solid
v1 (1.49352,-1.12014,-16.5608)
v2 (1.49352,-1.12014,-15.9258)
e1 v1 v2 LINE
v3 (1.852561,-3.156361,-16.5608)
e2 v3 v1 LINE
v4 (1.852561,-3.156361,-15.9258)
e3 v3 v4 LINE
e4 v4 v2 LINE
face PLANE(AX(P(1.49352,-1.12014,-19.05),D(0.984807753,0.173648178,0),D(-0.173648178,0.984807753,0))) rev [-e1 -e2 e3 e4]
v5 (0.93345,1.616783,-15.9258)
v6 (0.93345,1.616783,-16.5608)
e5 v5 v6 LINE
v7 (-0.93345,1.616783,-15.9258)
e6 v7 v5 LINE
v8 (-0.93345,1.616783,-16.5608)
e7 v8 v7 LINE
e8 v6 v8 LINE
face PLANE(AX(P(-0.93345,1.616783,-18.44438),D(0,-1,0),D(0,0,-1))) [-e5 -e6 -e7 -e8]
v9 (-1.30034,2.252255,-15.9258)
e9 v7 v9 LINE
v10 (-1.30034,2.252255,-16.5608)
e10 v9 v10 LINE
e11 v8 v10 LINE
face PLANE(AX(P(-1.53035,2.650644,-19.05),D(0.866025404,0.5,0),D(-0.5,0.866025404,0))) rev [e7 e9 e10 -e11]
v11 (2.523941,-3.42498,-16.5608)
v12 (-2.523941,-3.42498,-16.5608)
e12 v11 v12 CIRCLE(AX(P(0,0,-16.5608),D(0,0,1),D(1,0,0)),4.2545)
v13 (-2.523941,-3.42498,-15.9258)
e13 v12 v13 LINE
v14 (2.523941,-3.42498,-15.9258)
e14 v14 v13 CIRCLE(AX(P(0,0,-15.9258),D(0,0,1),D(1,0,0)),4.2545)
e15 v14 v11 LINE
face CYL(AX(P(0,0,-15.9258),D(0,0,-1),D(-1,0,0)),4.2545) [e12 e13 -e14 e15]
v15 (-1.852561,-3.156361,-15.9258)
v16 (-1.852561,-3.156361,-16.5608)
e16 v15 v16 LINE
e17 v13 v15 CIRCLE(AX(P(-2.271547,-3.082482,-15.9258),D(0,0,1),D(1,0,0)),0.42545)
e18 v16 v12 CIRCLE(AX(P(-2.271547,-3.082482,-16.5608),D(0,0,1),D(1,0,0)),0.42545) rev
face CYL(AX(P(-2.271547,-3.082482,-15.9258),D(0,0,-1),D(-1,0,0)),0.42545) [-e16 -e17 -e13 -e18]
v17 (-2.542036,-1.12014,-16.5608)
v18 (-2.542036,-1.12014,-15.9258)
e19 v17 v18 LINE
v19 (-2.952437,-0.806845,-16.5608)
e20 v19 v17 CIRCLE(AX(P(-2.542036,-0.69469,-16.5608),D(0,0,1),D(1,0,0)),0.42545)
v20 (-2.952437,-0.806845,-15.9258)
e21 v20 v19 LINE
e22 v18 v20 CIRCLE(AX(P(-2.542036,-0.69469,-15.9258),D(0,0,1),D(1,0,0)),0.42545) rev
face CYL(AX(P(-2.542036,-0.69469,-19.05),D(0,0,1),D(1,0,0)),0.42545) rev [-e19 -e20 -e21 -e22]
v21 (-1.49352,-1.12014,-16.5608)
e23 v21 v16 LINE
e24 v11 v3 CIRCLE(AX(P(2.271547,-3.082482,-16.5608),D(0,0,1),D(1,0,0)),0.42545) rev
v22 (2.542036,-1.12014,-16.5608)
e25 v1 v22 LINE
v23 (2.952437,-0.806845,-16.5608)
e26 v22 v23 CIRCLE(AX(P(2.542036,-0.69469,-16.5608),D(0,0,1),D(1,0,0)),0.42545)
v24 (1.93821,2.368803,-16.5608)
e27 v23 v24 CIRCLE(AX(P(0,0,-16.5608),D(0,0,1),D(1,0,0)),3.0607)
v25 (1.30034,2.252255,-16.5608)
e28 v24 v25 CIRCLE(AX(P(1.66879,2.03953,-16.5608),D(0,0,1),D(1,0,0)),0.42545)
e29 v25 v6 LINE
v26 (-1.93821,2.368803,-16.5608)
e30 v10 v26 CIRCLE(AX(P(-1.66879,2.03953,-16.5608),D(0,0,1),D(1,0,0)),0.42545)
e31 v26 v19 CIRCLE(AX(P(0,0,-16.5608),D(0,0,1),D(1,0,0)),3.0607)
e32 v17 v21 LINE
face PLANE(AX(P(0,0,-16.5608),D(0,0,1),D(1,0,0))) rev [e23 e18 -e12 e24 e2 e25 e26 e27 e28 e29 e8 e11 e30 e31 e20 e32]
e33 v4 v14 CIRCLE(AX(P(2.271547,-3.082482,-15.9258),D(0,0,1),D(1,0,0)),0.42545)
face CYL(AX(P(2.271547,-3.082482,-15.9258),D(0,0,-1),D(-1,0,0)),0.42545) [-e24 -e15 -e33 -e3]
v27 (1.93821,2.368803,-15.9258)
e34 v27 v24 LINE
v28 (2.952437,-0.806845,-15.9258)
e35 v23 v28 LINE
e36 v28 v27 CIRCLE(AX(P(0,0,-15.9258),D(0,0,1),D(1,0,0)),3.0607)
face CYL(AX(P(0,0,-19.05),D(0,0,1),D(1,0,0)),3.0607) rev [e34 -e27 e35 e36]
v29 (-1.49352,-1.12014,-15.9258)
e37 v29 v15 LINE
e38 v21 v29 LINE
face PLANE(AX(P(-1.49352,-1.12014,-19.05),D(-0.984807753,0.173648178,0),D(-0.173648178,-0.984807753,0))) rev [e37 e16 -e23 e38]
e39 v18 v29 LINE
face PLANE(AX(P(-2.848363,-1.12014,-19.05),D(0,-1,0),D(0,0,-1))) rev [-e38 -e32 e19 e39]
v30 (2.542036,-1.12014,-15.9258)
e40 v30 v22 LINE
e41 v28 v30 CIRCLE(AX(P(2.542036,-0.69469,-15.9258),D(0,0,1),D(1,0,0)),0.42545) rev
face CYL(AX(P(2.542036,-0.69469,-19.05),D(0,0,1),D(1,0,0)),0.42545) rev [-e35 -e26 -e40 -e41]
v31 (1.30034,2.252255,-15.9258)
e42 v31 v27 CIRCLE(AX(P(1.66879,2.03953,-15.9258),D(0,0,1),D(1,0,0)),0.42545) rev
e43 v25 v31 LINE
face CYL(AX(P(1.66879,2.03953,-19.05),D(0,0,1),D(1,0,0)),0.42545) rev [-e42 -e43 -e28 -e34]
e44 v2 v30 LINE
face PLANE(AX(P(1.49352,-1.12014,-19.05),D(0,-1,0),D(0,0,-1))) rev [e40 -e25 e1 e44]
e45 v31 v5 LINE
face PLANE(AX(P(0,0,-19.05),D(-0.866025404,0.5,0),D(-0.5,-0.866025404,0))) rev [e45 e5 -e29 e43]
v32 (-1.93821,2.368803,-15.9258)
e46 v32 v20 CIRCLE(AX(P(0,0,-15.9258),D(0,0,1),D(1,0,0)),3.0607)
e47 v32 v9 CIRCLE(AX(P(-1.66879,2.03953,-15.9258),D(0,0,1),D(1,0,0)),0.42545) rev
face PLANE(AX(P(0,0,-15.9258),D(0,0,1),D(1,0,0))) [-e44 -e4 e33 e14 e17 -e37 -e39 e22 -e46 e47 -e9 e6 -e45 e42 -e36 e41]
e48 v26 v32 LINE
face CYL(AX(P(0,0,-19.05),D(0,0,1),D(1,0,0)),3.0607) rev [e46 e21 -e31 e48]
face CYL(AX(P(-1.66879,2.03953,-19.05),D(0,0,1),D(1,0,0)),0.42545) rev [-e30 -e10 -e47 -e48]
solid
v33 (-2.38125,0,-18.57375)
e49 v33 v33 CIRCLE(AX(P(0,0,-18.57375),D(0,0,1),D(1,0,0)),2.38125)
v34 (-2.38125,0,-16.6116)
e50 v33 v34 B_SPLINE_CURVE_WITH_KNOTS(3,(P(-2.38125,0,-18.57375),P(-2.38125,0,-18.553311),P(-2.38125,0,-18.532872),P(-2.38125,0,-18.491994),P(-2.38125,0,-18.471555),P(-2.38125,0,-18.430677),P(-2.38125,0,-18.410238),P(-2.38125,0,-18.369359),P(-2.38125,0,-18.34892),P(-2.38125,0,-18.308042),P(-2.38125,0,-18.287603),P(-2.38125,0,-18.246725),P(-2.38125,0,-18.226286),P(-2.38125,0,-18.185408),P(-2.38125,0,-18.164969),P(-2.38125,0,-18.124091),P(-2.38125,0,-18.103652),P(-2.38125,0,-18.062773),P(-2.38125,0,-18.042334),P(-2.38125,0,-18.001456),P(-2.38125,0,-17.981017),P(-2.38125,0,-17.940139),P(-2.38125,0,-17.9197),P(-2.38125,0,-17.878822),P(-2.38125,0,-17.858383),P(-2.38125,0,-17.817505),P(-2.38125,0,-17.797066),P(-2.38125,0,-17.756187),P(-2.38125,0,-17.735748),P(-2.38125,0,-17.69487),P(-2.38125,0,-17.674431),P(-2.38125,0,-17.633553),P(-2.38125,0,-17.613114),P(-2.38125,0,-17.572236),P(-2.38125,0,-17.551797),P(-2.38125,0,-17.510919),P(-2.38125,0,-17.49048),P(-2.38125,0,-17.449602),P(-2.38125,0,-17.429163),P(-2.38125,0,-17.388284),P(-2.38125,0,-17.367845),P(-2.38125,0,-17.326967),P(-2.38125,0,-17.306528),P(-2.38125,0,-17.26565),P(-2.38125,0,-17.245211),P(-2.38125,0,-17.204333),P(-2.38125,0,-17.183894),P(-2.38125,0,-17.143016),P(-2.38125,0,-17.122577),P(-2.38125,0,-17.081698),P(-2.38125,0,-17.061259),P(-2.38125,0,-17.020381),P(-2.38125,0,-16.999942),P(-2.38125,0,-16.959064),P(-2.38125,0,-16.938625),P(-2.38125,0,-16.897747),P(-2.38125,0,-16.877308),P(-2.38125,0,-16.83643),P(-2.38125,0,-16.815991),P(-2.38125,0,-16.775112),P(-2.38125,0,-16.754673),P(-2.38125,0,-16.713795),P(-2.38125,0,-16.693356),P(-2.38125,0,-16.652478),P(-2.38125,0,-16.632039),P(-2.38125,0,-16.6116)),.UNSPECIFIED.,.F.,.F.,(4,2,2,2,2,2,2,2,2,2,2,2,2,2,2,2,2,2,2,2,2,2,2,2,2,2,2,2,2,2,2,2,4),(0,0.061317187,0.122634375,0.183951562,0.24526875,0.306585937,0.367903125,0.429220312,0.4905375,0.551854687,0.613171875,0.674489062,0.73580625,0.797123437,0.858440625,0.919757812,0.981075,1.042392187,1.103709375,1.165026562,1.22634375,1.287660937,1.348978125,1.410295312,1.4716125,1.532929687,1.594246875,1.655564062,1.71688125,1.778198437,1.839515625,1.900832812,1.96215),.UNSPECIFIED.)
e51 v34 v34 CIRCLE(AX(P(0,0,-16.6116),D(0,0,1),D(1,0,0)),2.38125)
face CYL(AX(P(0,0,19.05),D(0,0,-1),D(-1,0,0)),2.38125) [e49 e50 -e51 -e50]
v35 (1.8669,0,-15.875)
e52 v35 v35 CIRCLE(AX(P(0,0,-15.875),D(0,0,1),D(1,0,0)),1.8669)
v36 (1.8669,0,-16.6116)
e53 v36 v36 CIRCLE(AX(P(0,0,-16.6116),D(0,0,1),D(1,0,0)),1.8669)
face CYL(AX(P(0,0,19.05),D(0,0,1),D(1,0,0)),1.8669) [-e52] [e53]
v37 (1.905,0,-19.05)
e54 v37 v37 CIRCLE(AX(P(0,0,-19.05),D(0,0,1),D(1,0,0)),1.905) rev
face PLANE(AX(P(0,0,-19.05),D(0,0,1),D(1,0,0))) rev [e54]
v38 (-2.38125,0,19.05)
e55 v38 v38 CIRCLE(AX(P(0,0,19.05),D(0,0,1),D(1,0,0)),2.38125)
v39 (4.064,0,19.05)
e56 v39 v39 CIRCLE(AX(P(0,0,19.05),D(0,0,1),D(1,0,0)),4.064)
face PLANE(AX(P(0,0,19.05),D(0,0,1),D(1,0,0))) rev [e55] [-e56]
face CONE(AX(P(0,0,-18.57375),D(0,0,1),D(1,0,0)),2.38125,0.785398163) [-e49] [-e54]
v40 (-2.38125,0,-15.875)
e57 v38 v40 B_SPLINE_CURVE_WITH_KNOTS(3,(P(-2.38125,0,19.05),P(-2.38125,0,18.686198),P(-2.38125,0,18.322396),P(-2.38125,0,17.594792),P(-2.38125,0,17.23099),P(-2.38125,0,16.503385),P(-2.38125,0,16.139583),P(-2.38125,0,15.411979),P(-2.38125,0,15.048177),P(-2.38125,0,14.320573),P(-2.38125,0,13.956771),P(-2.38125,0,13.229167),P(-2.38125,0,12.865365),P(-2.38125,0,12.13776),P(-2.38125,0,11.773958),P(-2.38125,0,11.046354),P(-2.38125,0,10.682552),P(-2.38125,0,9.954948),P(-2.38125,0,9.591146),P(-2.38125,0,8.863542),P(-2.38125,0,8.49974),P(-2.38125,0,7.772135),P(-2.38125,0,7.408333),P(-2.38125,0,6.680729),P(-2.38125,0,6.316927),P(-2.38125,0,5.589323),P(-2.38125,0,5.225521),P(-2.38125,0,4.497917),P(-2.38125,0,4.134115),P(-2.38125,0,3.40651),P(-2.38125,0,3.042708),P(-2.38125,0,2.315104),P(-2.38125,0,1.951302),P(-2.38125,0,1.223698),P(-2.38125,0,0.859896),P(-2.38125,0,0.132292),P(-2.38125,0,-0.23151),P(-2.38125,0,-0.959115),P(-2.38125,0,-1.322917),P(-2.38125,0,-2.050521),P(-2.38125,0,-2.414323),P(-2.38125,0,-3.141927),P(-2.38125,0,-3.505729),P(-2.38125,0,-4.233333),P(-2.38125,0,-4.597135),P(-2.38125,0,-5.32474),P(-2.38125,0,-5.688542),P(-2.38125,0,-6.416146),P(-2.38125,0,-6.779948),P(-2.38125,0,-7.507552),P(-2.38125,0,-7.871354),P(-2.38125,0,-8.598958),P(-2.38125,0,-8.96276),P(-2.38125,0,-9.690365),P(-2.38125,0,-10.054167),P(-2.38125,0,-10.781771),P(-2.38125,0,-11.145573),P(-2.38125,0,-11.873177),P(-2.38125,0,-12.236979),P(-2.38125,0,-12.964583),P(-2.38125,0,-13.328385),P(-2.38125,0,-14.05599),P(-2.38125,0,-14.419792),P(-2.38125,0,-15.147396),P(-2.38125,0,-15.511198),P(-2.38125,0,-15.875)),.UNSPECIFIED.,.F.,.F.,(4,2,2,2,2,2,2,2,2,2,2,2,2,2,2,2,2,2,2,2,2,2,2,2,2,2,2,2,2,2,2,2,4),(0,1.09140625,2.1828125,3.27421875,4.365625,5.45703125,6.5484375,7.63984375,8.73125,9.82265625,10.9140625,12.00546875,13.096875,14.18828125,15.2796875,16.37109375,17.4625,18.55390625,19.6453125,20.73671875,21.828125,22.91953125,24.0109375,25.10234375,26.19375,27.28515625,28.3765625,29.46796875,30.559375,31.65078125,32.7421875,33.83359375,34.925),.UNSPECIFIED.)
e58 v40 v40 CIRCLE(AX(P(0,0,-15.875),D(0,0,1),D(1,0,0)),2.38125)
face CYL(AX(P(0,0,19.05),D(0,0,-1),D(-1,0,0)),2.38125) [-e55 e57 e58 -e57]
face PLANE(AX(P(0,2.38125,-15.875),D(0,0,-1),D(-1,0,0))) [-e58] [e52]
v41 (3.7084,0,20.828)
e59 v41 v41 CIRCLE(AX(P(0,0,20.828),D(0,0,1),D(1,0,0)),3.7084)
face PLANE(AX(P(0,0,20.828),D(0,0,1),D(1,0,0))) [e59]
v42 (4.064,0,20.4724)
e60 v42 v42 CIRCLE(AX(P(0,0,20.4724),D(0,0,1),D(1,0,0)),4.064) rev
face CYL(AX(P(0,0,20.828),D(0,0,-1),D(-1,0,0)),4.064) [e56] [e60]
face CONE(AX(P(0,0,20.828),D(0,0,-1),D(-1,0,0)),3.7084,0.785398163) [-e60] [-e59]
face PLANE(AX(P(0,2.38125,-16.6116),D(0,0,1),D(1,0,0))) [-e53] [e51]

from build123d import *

# Parameters (mm, degrees)
SKETCH2_R      = 2.38125
EXTRUDE1_DEPTH = 19.05
SKETCH3_W      = 0.7366
SKETCH3_H      = 0.51435
SKETCH8_R      = 4.064
EXTRUDE6_DEPTH = 1.778
CHAMFER2_SIZE  = 0.3556
SKETCH4_R      = 4.2545
SKETCH4_R_2    = 1.8669
EXTRUDE2_DEPTH = 0.3175
EXTRUDE4_DEPTH = 22.679647702
EXTRUDE5_DEPTH = 0.635
FILLET1_R      = 0.42545
CHAMFER1_SIZE  = 0.47625


with BuildPart() as part:
    # Sketch2 → Extrude1 (new, symmetric)
    with BuildSketch(Plane.XY):
        with Locations(Location((0, 0, 0), (0, 0, 180))):
            Circle(SKETCH2_R)
    extrude(amount=EXTRUDE1_DEPTH, both=True)

    # Sketch3 → Cut-Revolve1 (revolve, cut)
    with BuildSketch(Plane(origin=(0, 0, 0), x_dir=(0, 0, -1), z_dir=(1, 0, 0)), mode=Mode.PRIVATE) as cut_revolve1_sk:
        with Locations((16.2433, 2.124075)):
            Rectangle(SKETCH3_W, SKETCH3_H)
    revolve(cut_revolve1_sk.sketch.rotate(Axis((0, 0, 19.05), (0, 0, -1)), 270), axis=Axis((0, 0, 19.05), (0, 0, -1)), mode=Mode.SUBTRACT)

    # Sketch8 → Extrude6 (add)
    with BuildSketch(Plane.XY.offset(19.05)):
        Circle(SKETCH8_R)
    extrude(amount=EXTRUDE6_DEPTH)

    # Chamfer2
    chamfer2_edges = [part.edges().sort_by_distance(p)[0] for p in [
        (-4.064, 0, 20.828),
    ]]
    chamfer(chamfer2_edges, length=CHAMFER2_SIZE)

    # Chamfer1
    chamfer1_edges = [part.edges().sort_by_distance(p)[0] for p in [
        (2.38125, 0, -19.05),
    ]]
    chamfer(chamfer1_edges, length=CHAMFER1_SIZE)


with BuildPart() as body_2:
    # Sketch4 → Extrude2 (new, symmetric)
    with BuildSketch(Plane.XY.offset(-16.2433)):
        Circle(SKETCH4_R)
        Circle(SKETCH4_R_2, mode=Mode.SUBTRACT)
    extrude(amount=EXTRUDE2_DEPTH, both=True)

    # Sketch5 → Extrude4 (cut, through all)
    with BuildSketch(Plane.XY):
        with BuildLine():
            Line((-1.53035, 2.650643953), (0, 0))
            Line((0, 0), (1.53035, 2.650643953))
            ThreePointArc((1.53035, 2.650643953), (2.889287878, 1.00990101), (2.84836284, -1.12014))
            Line((2.84836284, -1.12014), (1.49352, -1.12014))
            Line((1.49352, -1.12014), (1.96168838, -3.775254819))
            ThreePointArc((1.96168838, -3.775254819), (0, -4.2545), (-1.96168838, -3.775254819))
            Line((-1.96168838, -3.775254819), (-1.49352, -1.12014))
            Line((-1.49352, -1.12014), (-2.84836284, -1.12014))
            ThreePointArc((-2.84836284, -1.12014), (-2.889287878, 1.00990101), (-1.53035, 2.650643953))
        make_face()
    extrude(amount=-EXTRUDE4_DEPTH, mode=Mode.SUBTRACT)

    # Sketch6 → Extrude5 (add)
    with BuildSketch(Plane.XY.offset(-15.9258)):
        with BuildLine():
            Line((-0.93345, 1.616782826), (0.93345, 1.616782826))
            ThreePointArc((0.93345, 1.616782826), (0, 1.8669), (-0.93345, 1.616782826))
        make_face()
    extrude(amount=-EXTRUDE5_DEPTH)

    # Fillet1
    fillet1_edges = [body_2.edges().sort_by_distance(p)[0] for p in [
        (1.53035, 2.650643953, -16.2433),
        (1.96168838, -3.775254819, -16.2433),
        (-2.84836284, -1.12014, -16.2433),
        (2.84836284, -1.12014, -16.2433),
        (-1.96168838, -3.775254819, -16.2433),
        (-1.53035, 2.650643953, -16.2433),
    ]]
    fillet(fillet1_edges, radius=FILLET1_R)


solid = Compound([part.part, body_2.part])
